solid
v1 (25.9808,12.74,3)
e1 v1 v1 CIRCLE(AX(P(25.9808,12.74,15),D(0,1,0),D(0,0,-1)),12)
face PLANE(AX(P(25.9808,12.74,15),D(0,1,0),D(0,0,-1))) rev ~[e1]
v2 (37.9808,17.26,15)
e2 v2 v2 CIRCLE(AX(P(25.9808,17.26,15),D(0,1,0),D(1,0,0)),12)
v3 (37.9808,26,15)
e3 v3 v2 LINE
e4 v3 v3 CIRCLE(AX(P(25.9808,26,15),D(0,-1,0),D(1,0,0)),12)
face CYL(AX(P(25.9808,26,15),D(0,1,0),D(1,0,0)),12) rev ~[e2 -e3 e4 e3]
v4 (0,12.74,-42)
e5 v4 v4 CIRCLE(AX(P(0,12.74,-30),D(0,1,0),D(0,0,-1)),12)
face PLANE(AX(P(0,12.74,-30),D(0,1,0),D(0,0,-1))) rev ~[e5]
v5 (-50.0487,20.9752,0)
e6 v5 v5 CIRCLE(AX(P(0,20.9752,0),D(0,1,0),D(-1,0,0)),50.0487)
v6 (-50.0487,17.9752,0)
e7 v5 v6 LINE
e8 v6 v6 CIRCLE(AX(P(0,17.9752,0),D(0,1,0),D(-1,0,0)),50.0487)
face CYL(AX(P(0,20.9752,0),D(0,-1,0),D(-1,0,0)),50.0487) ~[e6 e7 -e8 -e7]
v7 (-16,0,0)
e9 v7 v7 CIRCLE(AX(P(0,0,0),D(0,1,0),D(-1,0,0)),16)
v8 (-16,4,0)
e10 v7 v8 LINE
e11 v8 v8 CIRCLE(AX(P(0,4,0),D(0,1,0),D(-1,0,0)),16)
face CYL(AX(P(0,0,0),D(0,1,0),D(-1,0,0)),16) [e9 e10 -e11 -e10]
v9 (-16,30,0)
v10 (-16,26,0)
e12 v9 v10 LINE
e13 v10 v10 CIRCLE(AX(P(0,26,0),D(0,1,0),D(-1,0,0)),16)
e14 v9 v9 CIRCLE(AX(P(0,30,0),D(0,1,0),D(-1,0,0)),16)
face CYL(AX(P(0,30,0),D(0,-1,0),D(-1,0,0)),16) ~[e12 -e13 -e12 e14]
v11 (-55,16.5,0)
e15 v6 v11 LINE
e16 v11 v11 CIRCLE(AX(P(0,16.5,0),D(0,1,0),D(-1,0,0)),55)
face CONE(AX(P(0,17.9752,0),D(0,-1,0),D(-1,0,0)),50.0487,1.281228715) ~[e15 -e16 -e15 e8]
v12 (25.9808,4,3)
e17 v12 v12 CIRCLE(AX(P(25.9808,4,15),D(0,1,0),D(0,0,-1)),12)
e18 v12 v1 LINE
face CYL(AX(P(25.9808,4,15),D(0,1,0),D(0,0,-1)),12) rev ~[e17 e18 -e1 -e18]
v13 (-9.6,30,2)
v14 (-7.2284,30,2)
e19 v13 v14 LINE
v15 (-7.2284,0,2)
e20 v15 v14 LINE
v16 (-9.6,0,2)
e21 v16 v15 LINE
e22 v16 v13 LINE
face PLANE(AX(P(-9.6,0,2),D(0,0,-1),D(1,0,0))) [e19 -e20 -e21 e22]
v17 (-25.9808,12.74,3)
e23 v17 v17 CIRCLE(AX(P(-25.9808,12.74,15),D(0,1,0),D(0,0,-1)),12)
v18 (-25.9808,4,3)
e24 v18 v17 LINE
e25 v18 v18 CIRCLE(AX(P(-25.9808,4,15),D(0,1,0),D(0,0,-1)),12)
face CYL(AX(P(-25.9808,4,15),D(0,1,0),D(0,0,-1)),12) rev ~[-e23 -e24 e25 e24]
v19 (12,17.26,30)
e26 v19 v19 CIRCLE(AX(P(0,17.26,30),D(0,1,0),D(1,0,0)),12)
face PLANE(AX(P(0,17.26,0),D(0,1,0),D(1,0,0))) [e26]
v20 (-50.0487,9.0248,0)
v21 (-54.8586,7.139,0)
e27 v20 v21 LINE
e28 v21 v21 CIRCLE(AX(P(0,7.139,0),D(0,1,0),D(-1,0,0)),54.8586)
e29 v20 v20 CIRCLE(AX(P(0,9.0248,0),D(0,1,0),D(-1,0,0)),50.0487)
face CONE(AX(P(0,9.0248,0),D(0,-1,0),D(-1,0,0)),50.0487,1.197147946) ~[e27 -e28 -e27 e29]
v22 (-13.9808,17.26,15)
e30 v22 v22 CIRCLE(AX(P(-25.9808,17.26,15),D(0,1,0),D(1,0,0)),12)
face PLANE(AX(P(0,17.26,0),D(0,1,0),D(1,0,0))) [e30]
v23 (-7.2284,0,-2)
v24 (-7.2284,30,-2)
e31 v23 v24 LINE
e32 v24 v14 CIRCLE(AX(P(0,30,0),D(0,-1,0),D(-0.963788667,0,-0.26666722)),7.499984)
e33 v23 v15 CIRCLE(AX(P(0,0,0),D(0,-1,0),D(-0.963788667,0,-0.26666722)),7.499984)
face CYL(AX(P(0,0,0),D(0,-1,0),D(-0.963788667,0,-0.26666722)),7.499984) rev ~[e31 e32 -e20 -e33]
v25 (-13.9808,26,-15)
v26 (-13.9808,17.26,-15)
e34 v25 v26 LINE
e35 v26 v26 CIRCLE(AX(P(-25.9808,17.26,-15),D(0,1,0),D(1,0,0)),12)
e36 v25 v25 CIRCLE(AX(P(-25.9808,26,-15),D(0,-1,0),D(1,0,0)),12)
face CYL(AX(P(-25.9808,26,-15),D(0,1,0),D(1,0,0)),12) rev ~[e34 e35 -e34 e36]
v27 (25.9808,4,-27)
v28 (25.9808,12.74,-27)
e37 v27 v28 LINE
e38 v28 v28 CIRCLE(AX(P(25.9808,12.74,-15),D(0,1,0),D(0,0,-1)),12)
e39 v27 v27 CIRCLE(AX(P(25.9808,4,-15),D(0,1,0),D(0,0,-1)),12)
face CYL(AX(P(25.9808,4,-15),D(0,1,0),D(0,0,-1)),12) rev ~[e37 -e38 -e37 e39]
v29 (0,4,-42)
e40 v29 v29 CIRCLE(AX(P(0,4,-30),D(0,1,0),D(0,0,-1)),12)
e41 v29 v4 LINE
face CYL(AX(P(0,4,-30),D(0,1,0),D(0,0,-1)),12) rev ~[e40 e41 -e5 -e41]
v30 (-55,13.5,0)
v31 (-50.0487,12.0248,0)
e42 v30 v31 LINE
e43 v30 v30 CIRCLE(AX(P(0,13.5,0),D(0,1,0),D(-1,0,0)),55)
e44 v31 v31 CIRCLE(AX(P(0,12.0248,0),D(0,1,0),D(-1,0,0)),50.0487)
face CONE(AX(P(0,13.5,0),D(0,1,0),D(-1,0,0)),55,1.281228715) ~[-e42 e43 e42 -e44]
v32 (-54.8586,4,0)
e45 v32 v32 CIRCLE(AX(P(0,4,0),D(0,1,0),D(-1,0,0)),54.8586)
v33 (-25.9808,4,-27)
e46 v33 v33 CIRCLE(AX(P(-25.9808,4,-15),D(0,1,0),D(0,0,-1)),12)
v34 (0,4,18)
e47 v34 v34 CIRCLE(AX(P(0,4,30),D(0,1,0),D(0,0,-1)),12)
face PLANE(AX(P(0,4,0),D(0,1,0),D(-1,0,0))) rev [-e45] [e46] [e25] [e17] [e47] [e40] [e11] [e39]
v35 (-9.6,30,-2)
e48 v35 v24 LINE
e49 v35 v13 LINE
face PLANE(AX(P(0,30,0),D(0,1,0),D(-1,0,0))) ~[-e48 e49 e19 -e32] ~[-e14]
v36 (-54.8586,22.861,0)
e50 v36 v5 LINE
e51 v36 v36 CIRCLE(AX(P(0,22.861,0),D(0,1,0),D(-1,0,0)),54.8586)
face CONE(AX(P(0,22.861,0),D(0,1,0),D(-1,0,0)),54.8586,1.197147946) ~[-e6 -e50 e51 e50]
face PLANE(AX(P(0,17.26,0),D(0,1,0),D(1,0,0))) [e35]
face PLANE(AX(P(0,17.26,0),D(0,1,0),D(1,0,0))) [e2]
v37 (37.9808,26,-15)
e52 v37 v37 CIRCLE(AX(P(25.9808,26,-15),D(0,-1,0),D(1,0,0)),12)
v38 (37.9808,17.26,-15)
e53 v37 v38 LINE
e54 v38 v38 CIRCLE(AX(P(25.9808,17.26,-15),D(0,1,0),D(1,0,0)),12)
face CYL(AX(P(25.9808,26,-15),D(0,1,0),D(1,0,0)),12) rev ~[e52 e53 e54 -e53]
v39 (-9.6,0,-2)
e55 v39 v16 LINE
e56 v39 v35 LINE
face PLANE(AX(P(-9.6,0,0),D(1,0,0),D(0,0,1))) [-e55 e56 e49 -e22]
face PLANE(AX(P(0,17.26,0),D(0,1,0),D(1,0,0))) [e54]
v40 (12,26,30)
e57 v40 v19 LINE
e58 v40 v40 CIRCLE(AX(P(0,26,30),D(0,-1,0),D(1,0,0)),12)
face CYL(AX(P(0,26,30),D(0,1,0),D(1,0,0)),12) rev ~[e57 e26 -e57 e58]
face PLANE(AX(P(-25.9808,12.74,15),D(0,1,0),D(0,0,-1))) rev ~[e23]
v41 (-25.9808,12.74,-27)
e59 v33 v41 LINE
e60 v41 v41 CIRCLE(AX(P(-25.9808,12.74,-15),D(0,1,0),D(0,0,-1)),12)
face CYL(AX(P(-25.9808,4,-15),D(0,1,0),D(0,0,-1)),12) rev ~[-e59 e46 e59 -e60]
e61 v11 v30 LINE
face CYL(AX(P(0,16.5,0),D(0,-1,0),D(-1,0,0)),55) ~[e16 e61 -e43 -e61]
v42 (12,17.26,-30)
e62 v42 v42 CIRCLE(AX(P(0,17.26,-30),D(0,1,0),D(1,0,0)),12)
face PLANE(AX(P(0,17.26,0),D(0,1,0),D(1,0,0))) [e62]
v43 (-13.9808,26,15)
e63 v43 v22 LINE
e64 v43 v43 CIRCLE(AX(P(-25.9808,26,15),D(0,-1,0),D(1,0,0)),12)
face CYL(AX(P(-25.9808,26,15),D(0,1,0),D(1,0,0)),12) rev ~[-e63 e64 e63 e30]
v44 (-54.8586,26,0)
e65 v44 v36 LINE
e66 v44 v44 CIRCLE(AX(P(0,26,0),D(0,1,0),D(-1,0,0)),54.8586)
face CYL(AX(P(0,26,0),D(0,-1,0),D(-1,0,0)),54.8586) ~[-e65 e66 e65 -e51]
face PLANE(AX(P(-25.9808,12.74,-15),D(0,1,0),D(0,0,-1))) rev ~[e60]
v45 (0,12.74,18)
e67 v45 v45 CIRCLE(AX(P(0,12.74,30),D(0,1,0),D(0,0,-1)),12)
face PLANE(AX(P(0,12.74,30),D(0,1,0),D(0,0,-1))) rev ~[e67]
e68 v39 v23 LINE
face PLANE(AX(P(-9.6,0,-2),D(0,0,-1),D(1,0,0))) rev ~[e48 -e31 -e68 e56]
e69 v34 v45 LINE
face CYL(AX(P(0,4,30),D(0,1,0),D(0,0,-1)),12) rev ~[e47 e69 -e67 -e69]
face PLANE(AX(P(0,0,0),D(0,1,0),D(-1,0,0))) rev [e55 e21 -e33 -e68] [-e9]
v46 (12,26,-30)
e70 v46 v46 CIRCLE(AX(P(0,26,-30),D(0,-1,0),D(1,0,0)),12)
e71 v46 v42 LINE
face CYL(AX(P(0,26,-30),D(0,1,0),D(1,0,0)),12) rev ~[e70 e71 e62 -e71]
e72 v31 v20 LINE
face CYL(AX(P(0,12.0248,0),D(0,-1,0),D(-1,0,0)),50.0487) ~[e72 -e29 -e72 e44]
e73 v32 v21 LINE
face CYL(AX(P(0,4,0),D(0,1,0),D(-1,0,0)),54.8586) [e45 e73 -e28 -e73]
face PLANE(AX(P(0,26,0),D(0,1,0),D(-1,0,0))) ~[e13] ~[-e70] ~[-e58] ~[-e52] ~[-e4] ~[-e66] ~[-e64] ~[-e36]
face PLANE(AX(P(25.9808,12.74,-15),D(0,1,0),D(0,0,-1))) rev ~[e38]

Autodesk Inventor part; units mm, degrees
ref_plane "YZ Plane" through (0, 0, 0) normal (1, 0, 0) x (0, 1, 0)
ref_plane "XZ Plane" through (0, 0, 0) normal (0, 1, 0) x (-1, 0, 0)
ref_plane "XY Plane" through (0, 0, 0) normal (0, 0, 1) x (1, 0, 0)
sketch "草图1" plane through (0, 0, 0) normal (0, 0, 1) x (1, 0, 0)
  line L0 (0, 0) -> (0, 30)
  line L1 (0, 30) -> (-16, 30)
  line L2 (-16, 30) -> (-16, 26)
  line L3 (-16, 26) -> (-55, 26)
  line L4 (-54.8586, 22.861) -> (-50.0487, 20.9752)
  line L5 (-50.0487, 20.9752) -> (-50.0487, 17.9752)
  line L6 (-50.0487, 17.9752) -> (-55, 16.5)
  line L7 (0, 0) -> (-16, 0)
  line L8 (-16, 0) -> (-16, 4)
  line L9 (-16, 4) -> (-55, 4)
  line L10 (-55, 13.5) -> (-50.0487, 12.0248)
  line L11 (-50.0487, 12.0248) -> (-50.0487, 9.0248)
  line L12 (-50.0487, 9.0248) -> (-54.8586, 7.139)
  line L13 (-55, 16.5) -> (-55, 13.5)
  line L14 (-54.8586, 4) -> (-54.8586, 7.139)
  line L15 (-54.8586, 26) -> (-54.8586, 22.861)
  point P0 (-54.9901, 12.2219)
  dimension "d0" = 30
  dimension "d1" = 16
  dimension "d2" = 4
  dimension "d3" = 39
  dimension "d4" = 22
  dimension "d5" = 38
  dimension "d7" = 3
  dimension "d8" = 38
  dimension "d9" = 3
revolve "旋转1" add sketch "草图1" angle 360 about axis through (0, 0, 0) along (0, 1, 0)
sketch "草图2" plane through (0, 26, 0) normal (0, 1, 0) x (1, 0, 0)
  circle A0 centre (0, 0) radius 54.8586 projected
  circle A1 centre (0, 0) radius 16 projected
  circle A2 centre (0, 0) radius 30
  circle A3 centre (0, -30) radius 12
  circle A4 centre (25.9808, -15) radius 12
  circle A5 centre (25.9808, 15) radius 12
  circle A6 centre (0, 30) radius 12
  circle A7 centre (-25.9808, 15) radius 12
  circle A8 centre (-25.9808, -15) radius 12
  dimension "d14" = 24
  dimension "d17" = 360
sketch "草图3" plane through (0, 0, 0) normal (0, -1, 0) x (1, 0, 0)
  circle A0 centre (0, 0) radius 16 projected
  arc A1 (-7.2284, -2) -> (-7.2284, 2) centre (0, 0) ccw
  line L0 (-9.6, 0) -> (-9.6, 2)
  line L1 (-9.6, 2) -> (-9.6, -2)
  line L2 (-9.6, -2) -> (-7.2284, -2)
  line L3 (-9.6, 2) -> (-7.2284, 2)
  dimension "d19" = 15
  dimension "d20" = 9.6
  dimension "d21" = 2
  dimension "d22" = 4
extrude "拉伸1" cut sketch "草图3" against normal through all contours L2 L1 L0 L3 A1
extrude "拉伸2" cut sketch "草图2" against normal blind 8.74 contours A5 A2 | A2 A5 | A4 A2 | A2 A4 | A6 A2 | A2 A6 | A3 A2 | A2 A3 | A7 A2 | A2 A7 | A8 A2 | A2 A8
sketch "草图4" plane through (0, 4, 0) normal (0, -1, 0) x (1, 0, 0)
  circle A0 centre (0, 0) radius 16 projected
  circle A1 centre (-25.9808, -15) radius 12 projected
  circle A2 centre (-25.9808, 15) radius 12 projected
  circle A3 centre (0, 30) radius 12 projected
  point P0 (0, 30)
  point P1 (25.9808, 15)
  point P2 (25.9808, -15)
  point P3 (0, -30)
  point P4 (-25.9808, -15)
  dimension "d29" = 360
hole "孔1" at (-25.9808, 4, 15) at (0, 4, 30) at (25.9808, 4, 15) at (25.9808, 4, -15) at (0, 4, -30) at (-25.9808, 4, -15) direction (0, 1, 0) diameter 24 depth 8.74
properties part number "1"
